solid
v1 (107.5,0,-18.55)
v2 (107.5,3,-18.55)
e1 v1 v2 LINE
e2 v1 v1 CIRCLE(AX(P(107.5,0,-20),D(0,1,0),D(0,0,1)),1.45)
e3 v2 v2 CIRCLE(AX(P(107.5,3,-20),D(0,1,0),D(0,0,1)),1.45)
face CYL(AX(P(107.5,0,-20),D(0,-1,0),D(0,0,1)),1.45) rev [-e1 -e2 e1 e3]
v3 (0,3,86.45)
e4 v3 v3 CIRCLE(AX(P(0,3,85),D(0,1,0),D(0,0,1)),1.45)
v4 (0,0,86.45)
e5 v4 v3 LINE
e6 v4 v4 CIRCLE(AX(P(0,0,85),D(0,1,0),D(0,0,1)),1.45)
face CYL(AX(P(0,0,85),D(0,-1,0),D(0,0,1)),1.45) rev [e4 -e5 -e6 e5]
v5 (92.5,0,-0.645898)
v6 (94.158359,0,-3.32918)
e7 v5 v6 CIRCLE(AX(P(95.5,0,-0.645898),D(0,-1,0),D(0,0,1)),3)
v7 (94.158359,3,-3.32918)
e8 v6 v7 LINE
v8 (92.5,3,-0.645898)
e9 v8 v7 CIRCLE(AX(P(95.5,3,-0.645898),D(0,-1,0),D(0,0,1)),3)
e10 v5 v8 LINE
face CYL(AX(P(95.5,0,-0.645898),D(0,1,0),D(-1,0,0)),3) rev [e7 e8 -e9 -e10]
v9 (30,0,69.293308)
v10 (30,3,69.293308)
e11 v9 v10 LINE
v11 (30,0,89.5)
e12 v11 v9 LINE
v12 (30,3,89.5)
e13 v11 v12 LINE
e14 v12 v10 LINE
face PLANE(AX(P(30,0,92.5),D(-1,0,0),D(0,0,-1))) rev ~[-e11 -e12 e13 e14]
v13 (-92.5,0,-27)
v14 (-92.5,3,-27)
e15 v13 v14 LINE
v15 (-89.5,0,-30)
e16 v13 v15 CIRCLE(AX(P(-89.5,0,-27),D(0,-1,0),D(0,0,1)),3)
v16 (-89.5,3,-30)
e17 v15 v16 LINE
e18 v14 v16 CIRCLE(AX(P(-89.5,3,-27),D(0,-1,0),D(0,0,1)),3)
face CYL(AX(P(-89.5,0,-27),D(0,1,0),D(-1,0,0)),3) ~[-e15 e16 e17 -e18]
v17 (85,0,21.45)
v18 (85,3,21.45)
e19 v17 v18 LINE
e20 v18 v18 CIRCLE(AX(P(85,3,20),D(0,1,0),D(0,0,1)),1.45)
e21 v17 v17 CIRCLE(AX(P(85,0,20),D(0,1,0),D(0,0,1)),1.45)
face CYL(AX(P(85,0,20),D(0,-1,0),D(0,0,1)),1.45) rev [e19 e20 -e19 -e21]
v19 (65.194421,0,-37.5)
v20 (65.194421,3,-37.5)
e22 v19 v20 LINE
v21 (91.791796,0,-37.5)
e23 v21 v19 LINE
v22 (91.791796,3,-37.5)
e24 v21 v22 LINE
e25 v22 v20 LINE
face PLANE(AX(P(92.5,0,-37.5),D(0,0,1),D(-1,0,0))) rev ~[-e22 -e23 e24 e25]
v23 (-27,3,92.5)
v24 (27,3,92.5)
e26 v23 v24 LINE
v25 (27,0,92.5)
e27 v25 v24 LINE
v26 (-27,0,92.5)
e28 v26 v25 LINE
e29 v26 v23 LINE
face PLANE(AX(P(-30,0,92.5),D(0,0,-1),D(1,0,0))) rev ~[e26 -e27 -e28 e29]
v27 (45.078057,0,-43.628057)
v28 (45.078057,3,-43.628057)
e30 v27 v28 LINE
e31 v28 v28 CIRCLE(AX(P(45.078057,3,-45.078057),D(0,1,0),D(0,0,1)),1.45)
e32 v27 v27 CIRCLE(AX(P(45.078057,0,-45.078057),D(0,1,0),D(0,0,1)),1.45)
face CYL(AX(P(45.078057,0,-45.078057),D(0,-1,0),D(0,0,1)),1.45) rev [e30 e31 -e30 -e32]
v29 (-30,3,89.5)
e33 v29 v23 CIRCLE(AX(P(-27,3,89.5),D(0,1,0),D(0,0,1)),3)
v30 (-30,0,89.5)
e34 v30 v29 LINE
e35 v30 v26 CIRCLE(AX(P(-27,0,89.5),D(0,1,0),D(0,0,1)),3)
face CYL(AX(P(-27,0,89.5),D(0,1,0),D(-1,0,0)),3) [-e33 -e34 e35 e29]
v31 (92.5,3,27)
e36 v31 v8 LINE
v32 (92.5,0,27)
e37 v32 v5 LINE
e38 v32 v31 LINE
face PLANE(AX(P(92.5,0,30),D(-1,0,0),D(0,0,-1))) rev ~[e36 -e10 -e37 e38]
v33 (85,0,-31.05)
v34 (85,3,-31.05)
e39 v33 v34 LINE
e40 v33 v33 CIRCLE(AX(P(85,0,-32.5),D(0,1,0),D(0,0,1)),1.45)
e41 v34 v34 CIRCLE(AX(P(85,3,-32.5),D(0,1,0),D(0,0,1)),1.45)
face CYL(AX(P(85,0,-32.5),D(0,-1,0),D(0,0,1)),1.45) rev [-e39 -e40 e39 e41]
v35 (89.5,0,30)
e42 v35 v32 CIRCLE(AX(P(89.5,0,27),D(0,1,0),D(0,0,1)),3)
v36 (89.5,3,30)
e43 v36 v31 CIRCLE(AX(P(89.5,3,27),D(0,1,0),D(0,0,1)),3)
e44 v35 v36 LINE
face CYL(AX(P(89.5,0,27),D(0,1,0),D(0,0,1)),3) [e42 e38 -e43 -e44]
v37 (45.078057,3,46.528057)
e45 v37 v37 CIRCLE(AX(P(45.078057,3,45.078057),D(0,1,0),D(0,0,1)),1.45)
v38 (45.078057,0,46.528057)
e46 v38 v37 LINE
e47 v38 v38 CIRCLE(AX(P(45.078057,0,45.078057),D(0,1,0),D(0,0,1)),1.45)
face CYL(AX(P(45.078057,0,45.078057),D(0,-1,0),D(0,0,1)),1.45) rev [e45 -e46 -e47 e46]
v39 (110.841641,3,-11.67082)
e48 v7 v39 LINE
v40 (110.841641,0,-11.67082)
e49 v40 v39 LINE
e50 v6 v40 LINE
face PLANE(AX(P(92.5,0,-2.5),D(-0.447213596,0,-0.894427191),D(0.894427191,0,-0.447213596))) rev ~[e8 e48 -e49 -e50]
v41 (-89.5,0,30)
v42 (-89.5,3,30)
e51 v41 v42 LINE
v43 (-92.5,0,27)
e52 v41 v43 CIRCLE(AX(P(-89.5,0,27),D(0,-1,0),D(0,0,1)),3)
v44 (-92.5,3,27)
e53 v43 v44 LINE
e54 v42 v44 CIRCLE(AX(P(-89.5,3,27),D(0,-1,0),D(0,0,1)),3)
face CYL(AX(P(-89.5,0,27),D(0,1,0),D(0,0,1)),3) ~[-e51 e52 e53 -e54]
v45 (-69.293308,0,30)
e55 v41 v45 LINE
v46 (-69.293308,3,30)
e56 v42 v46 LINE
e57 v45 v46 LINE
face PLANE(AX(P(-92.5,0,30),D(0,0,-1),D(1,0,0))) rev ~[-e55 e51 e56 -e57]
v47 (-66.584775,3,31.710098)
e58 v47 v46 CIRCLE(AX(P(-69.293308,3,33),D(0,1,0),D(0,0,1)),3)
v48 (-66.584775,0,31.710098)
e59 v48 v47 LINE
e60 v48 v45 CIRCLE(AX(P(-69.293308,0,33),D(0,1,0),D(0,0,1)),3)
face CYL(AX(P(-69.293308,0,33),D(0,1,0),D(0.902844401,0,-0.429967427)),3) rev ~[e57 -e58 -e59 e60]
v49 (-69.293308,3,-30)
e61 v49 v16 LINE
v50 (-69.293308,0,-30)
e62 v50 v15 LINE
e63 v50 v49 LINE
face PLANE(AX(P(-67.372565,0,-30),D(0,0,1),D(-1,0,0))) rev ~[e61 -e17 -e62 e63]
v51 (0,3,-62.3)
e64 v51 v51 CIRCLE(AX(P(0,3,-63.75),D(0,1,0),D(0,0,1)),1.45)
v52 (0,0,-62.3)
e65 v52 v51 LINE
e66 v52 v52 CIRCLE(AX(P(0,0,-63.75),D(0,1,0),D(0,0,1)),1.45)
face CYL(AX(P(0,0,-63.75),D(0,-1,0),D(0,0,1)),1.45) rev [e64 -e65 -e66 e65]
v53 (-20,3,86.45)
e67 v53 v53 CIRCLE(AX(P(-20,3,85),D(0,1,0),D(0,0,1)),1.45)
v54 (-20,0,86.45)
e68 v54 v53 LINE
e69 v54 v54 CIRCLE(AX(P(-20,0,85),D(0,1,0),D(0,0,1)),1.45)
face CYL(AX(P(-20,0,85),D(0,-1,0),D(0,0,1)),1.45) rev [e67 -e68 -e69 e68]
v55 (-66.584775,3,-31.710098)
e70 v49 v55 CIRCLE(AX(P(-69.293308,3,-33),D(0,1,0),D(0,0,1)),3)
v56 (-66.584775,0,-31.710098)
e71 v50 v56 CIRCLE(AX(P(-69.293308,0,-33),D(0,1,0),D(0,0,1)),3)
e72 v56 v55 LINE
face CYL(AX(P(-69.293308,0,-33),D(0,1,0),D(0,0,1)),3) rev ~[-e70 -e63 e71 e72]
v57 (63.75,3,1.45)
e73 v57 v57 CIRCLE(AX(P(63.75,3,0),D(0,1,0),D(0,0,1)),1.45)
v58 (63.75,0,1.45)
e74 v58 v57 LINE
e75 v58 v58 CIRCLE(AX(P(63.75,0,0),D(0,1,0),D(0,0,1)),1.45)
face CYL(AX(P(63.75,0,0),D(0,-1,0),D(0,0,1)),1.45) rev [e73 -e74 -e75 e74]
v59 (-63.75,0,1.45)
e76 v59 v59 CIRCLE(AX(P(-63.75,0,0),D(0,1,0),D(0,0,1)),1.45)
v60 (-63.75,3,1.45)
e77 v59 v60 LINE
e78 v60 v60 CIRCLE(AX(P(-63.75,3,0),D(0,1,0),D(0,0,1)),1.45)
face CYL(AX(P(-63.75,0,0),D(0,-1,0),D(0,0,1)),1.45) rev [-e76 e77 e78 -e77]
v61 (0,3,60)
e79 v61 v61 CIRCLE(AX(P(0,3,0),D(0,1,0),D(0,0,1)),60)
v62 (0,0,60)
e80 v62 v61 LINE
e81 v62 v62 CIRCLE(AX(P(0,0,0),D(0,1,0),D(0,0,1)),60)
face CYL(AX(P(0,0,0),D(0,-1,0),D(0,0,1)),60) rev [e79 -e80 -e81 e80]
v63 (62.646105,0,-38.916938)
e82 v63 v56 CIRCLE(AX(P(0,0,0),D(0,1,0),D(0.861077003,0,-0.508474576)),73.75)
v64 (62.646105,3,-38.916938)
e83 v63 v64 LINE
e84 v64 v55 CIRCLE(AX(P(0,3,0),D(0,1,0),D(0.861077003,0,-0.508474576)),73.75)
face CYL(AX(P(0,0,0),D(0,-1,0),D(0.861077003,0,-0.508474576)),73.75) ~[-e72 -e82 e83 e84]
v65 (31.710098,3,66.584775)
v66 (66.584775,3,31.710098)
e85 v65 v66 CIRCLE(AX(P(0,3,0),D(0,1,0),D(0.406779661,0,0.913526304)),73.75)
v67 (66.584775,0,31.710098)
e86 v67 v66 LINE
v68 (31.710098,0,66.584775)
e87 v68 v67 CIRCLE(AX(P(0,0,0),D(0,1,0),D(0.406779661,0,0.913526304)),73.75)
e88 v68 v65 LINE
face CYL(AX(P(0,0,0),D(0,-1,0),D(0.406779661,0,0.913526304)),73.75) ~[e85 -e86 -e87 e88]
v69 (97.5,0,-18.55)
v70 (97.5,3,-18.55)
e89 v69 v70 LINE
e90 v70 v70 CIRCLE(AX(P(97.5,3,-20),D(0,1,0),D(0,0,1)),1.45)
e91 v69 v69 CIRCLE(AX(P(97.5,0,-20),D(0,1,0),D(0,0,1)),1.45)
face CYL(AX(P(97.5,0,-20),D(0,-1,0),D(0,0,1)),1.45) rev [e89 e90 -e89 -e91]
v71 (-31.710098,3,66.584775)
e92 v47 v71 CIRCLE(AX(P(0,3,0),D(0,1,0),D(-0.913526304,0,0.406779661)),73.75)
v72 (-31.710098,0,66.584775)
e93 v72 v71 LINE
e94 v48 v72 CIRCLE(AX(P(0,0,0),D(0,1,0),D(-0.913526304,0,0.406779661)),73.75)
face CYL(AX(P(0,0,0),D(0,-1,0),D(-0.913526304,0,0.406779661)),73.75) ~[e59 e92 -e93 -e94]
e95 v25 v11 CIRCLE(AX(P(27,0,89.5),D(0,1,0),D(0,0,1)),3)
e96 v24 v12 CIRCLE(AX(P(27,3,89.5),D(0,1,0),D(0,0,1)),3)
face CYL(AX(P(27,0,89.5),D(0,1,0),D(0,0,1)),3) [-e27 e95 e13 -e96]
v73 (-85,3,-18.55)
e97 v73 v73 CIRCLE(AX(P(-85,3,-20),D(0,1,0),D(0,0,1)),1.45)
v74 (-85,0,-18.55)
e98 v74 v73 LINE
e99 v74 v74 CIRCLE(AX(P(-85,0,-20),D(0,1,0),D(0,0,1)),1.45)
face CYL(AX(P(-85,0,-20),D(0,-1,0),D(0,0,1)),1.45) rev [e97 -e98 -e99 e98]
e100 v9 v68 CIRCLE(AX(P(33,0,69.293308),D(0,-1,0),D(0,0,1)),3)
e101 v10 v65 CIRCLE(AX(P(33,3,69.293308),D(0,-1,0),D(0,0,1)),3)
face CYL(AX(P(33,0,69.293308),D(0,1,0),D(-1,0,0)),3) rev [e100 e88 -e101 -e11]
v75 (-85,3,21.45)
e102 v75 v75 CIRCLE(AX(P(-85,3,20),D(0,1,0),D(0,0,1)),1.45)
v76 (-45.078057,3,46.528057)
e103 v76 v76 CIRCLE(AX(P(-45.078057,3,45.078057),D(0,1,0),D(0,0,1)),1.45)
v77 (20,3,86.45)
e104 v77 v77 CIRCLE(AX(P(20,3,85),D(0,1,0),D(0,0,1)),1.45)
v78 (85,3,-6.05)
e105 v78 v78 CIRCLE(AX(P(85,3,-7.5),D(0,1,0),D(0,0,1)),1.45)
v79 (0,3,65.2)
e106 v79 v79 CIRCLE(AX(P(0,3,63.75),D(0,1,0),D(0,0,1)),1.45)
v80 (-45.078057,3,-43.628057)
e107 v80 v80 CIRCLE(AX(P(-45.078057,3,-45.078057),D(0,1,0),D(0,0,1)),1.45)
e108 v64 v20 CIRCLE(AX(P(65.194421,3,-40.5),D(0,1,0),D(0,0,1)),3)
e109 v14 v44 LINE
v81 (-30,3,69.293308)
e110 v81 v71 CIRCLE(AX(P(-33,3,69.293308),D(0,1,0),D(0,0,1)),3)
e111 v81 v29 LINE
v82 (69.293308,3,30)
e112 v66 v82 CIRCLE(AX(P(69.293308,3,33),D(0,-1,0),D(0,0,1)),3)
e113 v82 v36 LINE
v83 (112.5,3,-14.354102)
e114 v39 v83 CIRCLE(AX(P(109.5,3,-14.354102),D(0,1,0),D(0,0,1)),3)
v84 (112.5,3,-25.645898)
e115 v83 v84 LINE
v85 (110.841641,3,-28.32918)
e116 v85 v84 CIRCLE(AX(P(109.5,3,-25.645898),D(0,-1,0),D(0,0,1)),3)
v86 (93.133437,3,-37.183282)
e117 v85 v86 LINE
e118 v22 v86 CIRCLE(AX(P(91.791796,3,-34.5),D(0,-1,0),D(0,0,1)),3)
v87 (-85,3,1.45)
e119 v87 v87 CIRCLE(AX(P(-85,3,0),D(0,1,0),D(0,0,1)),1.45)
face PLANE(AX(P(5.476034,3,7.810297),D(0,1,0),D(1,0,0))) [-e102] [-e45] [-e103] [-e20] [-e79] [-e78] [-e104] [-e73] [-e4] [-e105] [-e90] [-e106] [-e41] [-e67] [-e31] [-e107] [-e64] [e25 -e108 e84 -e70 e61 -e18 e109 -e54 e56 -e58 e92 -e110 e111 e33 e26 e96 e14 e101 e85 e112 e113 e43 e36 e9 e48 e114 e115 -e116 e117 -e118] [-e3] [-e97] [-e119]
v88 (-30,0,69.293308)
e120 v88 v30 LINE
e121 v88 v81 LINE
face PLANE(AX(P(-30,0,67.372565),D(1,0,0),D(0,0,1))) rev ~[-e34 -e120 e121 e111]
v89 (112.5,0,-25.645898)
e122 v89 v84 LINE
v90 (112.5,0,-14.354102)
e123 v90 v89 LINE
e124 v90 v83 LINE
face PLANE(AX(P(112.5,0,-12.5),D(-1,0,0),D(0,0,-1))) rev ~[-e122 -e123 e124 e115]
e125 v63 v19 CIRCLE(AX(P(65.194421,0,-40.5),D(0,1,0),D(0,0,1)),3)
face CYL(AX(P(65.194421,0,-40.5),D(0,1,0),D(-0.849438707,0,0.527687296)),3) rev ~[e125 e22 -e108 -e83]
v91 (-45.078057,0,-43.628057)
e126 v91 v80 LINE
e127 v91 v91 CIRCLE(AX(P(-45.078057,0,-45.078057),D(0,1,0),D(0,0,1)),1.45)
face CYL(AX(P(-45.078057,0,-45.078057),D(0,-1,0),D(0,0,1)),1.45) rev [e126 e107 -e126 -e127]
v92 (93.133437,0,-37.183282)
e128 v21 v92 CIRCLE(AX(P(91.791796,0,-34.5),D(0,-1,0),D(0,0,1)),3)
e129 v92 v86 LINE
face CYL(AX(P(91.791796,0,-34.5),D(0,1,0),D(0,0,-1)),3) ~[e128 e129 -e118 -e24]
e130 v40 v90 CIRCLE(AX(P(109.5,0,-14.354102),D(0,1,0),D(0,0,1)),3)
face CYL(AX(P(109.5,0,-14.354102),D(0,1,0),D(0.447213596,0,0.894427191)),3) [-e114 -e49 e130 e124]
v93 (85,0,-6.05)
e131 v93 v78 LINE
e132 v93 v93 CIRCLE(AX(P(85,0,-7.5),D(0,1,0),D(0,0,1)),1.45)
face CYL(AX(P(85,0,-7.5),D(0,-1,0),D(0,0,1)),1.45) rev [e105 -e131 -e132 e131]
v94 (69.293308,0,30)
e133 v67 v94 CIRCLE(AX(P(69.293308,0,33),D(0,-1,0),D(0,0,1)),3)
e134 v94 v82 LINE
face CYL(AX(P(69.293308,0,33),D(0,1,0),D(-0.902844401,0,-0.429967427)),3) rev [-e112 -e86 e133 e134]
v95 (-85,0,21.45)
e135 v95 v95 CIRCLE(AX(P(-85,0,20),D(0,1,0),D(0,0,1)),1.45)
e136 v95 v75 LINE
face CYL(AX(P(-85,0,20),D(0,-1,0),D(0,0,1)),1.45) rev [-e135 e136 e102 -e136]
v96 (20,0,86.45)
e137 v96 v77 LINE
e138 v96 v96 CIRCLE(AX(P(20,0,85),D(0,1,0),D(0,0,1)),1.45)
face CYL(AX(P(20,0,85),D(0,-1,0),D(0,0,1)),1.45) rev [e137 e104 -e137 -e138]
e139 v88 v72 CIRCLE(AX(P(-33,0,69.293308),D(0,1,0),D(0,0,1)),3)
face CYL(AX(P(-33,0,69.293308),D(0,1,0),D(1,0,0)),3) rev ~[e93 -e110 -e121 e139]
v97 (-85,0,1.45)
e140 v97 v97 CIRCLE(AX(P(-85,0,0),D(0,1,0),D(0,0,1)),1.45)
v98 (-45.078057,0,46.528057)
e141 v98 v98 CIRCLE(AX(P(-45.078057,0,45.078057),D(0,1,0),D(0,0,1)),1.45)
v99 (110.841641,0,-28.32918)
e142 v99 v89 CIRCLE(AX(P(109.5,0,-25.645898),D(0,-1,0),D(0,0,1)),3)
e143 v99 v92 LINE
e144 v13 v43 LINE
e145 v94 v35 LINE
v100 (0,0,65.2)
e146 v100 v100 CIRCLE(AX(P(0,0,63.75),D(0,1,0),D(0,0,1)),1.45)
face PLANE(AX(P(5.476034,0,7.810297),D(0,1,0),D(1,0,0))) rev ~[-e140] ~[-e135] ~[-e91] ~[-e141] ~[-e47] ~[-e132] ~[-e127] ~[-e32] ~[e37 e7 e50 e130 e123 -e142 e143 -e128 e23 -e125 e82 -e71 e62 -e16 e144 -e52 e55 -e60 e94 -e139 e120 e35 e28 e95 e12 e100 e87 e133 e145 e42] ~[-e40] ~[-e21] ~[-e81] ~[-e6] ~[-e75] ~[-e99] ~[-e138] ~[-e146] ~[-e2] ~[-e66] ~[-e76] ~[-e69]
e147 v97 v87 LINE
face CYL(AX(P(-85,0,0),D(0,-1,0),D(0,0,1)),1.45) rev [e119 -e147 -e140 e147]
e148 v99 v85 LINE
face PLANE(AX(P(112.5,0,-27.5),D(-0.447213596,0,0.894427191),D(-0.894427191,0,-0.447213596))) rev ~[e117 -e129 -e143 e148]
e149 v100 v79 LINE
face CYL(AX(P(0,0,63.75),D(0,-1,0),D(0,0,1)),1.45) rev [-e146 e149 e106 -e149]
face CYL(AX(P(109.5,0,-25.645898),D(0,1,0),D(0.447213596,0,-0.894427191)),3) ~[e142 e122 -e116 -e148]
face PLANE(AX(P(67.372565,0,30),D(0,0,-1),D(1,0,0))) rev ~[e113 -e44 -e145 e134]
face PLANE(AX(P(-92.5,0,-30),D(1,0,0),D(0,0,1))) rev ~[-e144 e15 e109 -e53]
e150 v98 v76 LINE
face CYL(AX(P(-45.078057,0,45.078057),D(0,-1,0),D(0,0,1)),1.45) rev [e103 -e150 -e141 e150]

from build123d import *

# Parameters (mm, degrees)
SKETCH_1_R      = 1.45
SKETCH_1_R_2    = 60
EXTRUDE_1_DEPTH = 3
FILLET_2_R      = 3


with BuildPart() as part:
    # 草图1 → 凸台-拉伸1 (new body)
    with BuildSketch(Plane(origin=(0, 0, 0), x_dir=(1, 0, 0), z_dir=(0, 1, 0))):
        with BuildLine():
            Line((-30, -67.372564891), (-30, -92.5))
            Line((-30, -92.5), (30, -92.5))
            Line((30, -92.5), (30, -67.372564891))
            ThreePointArc((30, -67.372564891), (52.149125113, -52.149125113), (67.372564891, -30))
            Line((67.372564891, -30), (92.5, -30))
            Line((92.5, -30), (92.5, 2.5))
            Line((92.5, 2.5), (112.5, 12.5))
            Line((112.5, 12.5), (112.5, 27.5))
            Line((112.5, 27.5), (92.5, 37.5))
            Line((92.5, 37.5), (63.504428979, 37.5))
            ThreePointArc((63.504428979, 37.5), (-4.219374226, 73.629201959), (-67.372564891, 30))
            Line((-67.372564891, 30), (-92.5, 30))
            Line((-92.5, 30), (-92.5, -30))
            Line((-92.5, -30), (-67.372564891, -30))
            ThreePointArc((-67.372564891, -30), (-52.149125113, -52.149125113), (-30, -67.372564891))
        make_face()
        with Locations(Location((-20, -85, 0), (0, 0, 270))):
            Circle(SKETCH_1_R, mode=Mode.SUBTRACT)
        with Locations(Location((0, -85, 0), (0, 0, 270))):
            Circle(SKETCH_1_R, mode=Mode.SUBTRACT)
        with Locations(Location((0, -63.75, 0), (0, 0, 270))):
            Circle(SKETCH_1_R, mode=Mode.SUBTRACT)
        with Locations(Location((-45.078057301, -45.078057301, 0), (0, 0, 270))):
            Circle(SKETCH_1_R, mode=Mode.SUBTRACT)
        with Locations(Location((-85, -20, 0), (0, 0, 270))):
            Circle(SKETCH_1_R, mode=Mode.SUBTRACT)
        with Locations(Location((20, -85, 0), (0, 0, 270))):
            Circle(SKETCH_1_R, mode=Mode.SUBTRACT)
        with Locations(Location((45.078057301, -45.078057301, 0), (0, 0, 270))):
            Circle(SKETCH_1_R, mode=Mode.SUBTRACT)
        with Locations(Location((85, -20, 0), (0, 0, 270))):
            Circle(SKETCH_1_R, mode=Mode.SUBTRACT)
        with Locations(Location((-85, 0, 0), (0, 0, 270))):
            Circle(SKETCH_1_R, mode=Mode.SUBTRACT)
        with Locations(Location((-63.75, 0, 0), (0, 0, 270))):
            Circle(SKETCH_1_R, mode=Mode.SUBTRACT)
        with Locations(Location((-85, 20, 0), (0, 0, 270))):
            Circle(SKETCH_1_R, mode=Mode.SUBTRACT)
        with Locations(Location((0, 0, 0), (0, 0, 270))):
            Circle(SKETCH_1_R_2, mode=Mode.SUBTRACT)
        with Locations(Location((-45.078057301, 45.078057301, 0), (0, 0, 270))):
            Circle(SKETCH_1_R, mode=Mode.SUBTRACT)
        with Locations(Location((0, 63.75, 0), (0, 0, 270))):
            Circle(SKETCH_1_R, mode=Mode.SUBTRACT)
        with Locations(Location((63.75, 0, 0), (0, 0, 270))):
            Circle(SKETCH_1_R, mode=Mode.SUBTRACT)
        with Locations(Location((85, 7.5, 0), (0, 0, 270))):
            Circle(SKETCH_1_R, mode=Mode.SUBTRACT)
        with Locations(Location((45.078057301, 45.078057301, 0), (0, 0, 270))):
            Circle(SKETCH_1_R, mode=Mode.SUBTRACT)
        with Locations(Location((85, 32.5, 0), (0, 0, 270))):
            Circle(SKETCH_1_R, mode=Mode.SUBTRACT)
        with Locations(Location((97.5, 20, 0), (0, 0, 270))):
            Circle(SKETCH_1_R, mode=Mode.SUBTRACT)
        with Locations(Location((107.5, 20, 0), (0, 0, 270))):
            Circle(SKETCH_1_R, mode=Mode.SUBTRACT)
    extrude(amount=EXTRUDE_1_DEPTH)

    # 圆角2
    fillet_2_edges = [part.edges().sort_by_distance(p)[0] for p in [
        (63.504428979, 1.5, -37.5),
        (92.5, 1.5, -37.5),
        (112.5, 1.5, -27.5),
        (112.5, 1.5, -12.5),
        (92.5, 1.5, -2.5),
        (92.5, 1.5, 30),
        (67.372564891, 1.5, 30),
        (30, 1.5, 67.372564891),
        (30, 1.5, 92.5),
        (-30, 1.5, 92.5),
        (-30, 1.5, 67.372564891),
        (-67.372564891, 1.5, 30),
        (-92.5, 1.5, 30),
        (-92.5, 1.5, -30),
        (-67.372564891, 1.5, -30),
    ]]
    fillet(fillet_2_edges, radius=FILLET_2_R)


solid = part.part
